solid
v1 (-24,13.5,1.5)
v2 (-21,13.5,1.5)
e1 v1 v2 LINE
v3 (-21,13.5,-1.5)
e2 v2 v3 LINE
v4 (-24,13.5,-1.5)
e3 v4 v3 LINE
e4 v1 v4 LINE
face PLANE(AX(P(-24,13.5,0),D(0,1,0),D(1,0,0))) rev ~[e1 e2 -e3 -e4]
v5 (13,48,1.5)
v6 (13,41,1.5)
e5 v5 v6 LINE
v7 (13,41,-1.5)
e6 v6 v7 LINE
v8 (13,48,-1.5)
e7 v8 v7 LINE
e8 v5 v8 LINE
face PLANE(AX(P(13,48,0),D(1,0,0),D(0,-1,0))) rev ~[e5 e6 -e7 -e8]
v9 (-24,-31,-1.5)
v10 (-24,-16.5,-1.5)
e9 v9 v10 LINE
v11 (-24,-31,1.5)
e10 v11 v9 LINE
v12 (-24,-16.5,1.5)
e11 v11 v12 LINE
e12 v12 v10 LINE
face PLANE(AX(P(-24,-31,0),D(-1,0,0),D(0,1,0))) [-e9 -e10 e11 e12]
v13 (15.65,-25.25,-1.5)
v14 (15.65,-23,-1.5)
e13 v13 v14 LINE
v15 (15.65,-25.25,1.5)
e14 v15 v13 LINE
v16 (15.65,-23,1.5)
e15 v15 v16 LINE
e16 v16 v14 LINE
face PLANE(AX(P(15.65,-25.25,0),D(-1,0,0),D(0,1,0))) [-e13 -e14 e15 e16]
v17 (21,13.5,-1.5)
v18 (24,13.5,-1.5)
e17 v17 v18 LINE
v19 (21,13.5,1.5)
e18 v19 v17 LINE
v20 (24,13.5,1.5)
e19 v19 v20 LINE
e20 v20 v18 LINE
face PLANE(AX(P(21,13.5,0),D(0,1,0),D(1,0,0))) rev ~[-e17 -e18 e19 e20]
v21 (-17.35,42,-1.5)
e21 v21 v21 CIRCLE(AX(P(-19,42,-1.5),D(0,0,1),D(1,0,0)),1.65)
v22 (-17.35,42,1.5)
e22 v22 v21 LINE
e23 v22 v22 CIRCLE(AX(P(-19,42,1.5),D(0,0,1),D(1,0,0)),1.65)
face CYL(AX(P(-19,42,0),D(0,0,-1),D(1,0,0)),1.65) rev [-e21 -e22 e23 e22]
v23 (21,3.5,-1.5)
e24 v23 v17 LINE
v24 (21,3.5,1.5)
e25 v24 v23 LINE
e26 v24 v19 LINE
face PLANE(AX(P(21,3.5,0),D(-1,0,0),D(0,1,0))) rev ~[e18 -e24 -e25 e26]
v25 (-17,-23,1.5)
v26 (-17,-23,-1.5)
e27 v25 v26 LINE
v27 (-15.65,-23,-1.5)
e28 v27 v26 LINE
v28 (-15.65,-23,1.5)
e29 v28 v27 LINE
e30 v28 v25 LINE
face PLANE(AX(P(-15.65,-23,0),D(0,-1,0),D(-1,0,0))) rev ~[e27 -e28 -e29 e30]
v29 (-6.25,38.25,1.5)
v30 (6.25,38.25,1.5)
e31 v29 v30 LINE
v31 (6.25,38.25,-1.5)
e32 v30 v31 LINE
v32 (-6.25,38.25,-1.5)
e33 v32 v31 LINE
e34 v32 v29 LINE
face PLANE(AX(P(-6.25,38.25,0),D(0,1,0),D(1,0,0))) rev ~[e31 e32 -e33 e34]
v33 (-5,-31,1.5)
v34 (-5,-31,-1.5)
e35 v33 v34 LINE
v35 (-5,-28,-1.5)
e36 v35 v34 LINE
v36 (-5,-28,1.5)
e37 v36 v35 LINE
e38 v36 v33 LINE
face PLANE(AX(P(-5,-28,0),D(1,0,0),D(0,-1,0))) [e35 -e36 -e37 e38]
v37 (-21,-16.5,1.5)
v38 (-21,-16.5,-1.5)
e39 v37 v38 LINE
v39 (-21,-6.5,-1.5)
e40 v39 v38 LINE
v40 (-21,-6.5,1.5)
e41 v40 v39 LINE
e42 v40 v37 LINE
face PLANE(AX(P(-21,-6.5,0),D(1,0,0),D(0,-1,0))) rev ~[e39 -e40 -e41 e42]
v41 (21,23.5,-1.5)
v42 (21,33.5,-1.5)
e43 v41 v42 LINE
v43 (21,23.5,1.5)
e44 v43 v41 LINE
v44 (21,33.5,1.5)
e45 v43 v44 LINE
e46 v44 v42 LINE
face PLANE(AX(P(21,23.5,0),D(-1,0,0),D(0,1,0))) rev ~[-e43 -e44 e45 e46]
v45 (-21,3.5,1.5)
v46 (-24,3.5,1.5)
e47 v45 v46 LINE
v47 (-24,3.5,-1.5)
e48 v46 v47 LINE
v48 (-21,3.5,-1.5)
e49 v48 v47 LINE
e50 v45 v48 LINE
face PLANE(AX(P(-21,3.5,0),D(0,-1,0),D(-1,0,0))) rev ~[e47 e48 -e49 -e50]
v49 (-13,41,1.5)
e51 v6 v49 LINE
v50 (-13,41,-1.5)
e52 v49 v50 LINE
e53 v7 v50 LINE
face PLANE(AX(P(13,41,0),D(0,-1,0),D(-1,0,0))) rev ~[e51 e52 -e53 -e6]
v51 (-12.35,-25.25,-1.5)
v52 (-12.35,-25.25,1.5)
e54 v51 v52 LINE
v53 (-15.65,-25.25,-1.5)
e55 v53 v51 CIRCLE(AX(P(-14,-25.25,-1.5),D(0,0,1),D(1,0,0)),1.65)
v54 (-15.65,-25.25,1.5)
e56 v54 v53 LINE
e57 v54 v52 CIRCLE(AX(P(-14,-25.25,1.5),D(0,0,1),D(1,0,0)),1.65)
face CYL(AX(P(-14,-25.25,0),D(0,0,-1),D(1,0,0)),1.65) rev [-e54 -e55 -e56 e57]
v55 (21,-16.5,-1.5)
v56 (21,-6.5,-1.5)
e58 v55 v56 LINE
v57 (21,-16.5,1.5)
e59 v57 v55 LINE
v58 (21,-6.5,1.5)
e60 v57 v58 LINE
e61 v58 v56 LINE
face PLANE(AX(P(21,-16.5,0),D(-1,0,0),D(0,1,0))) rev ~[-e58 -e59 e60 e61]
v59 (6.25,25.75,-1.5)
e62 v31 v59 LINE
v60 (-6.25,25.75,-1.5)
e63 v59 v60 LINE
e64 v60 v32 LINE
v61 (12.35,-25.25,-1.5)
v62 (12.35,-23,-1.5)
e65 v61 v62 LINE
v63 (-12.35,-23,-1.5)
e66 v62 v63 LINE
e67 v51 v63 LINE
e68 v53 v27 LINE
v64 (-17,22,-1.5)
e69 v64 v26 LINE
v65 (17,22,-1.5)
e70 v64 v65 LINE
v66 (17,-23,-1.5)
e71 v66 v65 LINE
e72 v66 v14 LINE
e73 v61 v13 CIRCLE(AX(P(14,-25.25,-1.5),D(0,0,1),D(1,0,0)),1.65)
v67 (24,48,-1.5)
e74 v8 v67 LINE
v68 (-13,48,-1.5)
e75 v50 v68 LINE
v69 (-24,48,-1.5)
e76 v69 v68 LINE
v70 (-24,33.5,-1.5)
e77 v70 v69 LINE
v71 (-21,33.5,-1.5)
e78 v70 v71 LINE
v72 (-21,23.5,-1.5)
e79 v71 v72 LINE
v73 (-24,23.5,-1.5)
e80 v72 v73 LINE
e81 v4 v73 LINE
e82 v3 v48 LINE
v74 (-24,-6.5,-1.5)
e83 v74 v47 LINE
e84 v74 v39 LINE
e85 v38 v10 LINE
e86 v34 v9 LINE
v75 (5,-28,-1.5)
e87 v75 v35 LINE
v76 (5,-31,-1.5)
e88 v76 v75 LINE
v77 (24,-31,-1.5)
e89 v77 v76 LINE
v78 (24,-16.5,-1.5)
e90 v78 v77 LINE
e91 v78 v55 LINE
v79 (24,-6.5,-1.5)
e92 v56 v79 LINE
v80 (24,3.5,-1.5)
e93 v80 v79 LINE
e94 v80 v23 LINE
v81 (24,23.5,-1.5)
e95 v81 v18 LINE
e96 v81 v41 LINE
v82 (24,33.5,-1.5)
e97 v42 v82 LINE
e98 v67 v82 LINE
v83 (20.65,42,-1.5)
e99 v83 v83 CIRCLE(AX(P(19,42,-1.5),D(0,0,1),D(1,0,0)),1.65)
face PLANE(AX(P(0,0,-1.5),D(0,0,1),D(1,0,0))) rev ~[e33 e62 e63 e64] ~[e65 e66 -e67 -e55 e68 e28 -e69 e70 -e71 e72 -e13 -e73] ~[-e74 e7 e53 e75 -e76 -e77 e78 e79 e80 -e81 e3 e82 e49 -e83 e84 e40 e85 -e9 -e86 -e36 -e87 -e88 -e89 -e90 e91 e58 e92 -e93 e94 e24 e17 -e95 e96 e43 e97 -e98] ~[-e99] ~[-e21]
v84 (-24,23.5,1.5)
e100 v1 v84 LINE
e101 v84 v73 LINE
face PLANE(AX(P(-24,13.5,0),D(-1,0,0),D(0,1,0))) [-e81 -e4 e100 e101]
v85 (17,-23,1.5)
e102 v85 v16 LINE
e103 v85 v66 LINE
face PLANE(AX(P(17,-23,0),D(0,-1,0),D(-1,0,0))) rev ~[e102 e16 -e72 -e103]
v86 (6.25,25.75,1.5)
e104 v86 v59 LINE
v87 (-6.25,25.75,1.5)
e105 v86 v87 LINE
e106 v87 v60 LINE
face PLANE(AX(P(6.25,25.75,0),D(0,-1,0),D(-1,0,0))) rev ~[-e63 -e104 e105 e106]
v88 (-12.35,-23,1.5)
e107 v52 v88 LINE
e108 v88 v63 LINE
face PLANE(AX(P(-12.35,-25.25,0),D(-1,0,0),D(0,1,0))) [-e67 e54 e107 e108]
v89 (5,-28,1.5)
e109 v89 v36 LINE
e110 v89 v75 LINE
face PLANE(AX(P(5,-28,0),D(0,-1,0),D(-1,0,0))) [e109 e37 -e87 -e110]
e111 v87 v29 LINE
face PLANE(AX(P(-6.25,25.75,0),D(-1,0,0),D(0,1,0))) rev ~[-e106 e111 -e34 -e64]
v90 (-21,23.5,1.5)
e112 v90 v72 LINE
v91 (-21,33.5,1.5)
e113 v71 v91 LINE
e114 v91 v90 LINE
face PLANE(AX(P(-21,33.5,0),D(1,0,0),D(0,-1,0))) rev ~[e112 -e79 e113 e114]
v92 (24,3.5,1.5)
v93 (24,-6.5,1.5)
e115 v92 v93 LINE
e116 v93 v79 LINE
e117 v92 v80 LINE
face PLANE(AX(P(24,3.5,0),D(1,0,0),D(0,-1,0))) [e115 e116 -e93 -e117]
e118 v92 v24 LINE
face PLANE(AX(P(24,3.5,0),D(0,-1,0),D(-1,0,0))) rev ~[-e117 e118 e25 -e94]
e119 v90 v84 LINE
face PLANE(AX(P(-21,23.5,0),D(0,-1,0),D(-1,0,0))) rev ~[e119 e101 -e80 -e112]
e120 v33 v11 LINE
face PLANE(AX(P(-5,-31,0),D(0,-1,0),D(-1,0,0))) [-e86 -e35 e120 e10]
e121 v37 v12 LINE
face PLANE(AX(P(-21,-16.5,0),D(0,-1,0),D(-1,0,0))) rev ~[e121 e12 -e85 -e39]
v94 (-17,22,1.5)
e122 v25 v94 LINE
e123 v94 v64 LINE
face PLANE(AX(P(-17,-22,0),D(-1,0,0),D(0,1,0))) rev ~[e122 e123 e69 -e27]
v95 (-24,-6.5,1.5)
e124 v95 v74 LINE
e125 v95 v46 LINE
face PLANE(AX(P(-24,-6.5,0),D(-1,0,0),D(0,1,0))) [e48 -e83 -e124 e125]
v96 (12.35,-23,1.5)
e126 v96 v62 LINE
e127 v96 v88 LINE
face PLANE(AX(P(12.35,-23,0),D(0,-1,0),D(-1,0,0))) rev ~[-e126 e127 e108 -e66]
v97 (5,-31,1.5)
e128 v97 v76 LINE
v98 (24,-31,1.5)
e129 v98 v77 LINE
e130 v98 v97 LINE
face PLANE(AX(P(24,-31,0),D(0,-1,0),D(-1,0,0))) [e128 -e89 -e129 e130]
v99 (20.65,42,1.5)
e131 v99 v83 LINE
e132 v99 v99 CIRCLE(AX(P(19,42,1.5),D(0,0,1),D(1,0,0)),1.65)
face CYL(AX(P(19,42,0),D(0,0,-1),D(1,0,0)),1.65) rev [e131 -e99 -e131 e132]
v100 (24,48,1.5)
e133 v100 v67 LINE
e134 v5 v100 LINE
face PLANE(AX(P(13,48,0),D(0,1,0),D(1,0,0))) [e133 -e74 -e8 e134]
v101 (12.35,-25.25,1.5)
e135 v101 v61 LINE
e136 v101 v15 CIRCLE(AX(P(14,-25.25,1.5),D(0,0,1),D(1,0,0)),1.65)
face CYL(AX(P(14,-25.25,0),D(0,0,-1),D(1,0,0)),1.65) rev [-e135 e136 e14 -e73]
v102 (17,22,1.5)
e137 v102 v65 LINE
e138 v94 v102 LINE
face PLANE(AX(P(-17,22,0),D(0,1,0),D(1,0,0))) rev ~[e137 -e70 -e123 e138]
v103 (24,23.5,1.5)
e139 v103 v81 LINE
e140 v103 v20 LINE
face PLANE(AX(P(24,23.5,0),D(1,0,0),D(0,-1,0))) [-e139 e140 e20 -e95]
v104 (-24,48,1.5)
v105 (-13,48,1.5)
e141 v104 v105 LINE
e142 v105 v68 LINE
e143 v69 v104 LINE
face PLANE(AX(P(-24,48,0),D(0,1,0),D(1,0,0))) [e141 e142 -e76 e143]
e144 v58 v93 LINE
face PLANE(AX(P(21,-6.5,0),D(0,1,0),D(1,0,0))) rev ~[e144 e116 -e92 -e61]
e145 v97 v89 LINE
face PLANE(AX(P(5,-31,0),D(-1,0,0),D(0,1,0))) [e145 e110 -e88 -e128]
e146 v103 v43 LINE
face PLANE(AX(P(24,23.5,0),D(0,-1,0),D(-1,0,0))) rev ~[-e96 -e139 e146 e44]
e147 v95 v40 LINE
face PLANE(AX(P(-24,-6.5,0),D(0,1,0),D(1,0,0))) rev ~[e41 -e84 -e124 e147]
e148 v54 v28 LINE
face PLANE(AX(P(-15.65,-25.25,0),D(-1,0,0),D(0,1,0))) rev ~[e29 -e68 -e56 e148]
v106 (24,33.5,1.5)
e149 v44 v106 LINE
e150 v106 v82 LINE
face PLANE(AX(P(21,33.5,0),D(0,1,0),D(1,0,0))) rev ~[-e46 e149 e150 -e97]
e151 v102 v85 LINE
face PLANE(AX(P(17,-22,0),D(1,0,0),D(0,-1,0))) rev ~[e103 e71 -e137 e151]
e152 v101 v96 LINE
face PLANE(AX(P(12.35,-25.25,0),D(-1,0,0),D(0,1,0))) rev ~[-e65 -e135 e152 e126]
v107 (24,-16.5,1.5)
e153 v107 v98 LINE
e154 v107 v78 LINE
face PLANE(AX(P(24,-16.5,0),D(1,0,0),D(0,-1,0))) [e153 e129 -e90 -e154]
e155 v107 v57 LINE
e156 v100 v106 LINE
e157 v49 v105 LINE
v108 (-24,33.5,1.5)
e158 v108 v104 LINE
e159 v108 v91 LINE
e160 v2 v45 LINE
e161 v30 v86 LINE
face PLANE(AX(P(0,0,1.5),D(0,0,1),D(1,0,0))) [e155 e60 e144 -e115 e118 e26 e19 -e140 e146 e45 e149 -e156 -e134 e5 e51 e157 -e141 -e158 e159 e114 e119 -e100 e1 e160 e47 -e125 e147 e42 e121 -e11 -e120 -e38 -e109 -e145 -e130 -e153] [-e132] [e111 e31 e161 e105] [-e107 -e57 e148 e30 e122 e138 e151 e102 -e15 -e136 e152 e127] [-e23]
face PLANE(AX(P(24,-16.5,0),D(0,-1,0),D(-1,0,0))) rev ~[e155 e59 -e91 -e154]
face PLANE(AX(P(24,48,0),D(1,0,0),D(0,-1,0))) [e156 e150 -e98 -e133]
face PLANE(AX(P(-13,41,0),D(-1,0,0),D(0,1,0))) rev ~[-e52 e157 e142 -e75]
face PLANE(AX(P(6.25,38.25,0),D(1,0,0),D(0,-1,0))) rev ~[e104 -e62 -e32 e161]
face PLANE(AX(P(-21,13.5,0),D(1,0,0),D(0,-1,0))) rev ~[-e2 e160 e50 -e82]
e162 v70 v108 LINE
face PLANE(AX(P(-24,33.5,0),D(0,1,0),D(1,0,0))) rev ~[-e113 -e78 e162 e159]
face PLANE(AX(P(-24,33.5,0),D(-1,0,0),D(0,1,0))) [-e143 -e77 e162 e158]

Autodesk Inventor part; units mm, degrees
ref_plane "YZ Plane" through (0, 0, 0) normal (1, 0, 0) x (0, 1, 0)
ref_plane "XZ Plane" through (0, 0, 0) normal (0, 1, 0) x (-1, 0, 0)
ref_plane "XY Plane" through (0, 0, 0) normal (0, 0, 1) x (1, 0, 0)
sketch "Sketch1" plane through (0, 0, 0) normal (0, 0, 1) x (1, 0, 0)
  circle A0 centre (-14, -25.25) radius 1.65
  circle A1 centre (14, -25.25) radius 1.65
  circle A2 centre (-19, 42) radius 1.65
  circle A3 centre (19, 42) radius 1.65
  line L0 (-17, 22) -> (17, 22)
  line L1 (17, 22) -> (17, -22)
  line L2 (17, -22) -> (-17, -22)
  line L3 (-17, -22) -> (-17, 22)
  circle A4 centre (0, 32) radius 2.5
  line L4 (-24, 48) -> (24, 48)
  line L5 (24, 48) -> (24, -31)
  line L6 (24, -31) -> (-24, -31)
  line L7 (-24, -31) -> (-24, 48)
  line L8 (-17, -22) -> (17, -22)
  line L9 (17, -22) -> (17, -23)
  line L10 (17, -23) -> (-17, -23)
  line L11 (-17, -23) -> (-17, -22)
  line L12 (-15.65, -25.25) -> (-15.65, -23)
  line L13 (-12.35, -25.25) -> (-12.35, -23)
  line L14 (12.35, -25.25) -> (12.35, -23)
  line L15 (15.65, -25.25) -> (15.65, -23)
  line L16 (-24, 13.5) -> (-21, 13.5)
  line L17 (-21, 13.5) -> (-21, 3.5)
  line L18 (-21, 3.5) -> (-24, 3.5)
  line L19 (-24, 3.5) -> (-24, 13.5)
  line L20 (-5, -31) -> (5, -31)
  line L21 (5, -31) -> (5, -28)
  line L22 (5, -28) -> (-5, -28)
  line L23 (-5, -28) -> (-5, -31)
  line L24 (-5, 48) -> (5, 48)
  line L25 (5, 48) -> (5, 45)
  line L26 (5, 45) -> (-5, 45)
  line L27 (-5, 45) -> (-5, 48)
  line L28 (-21, 33.5) -> (-21, 23.5)
  line L29 (-21, 23.5) -> (-24, 23.5)
  line L30 (-24, 33.5) -> (-21, 33.5)
  line L31 (-21, -16.5) -> (-24, -16.5)
  line L32 (-21, -6.5) -> (-21, -16.5)
  line L33 (-24, -6.5) -> (-21, -6.5)
  line L34 (21, 13.5) -> (24, 13.5)
  line L35 (24, 13.5) -> (24, 3.5)
  line L36 (24, 3.5) -> (21, 3.5)
  line L37 (21, 3.5) -> (21, 13.5)
  line L38 (24, -16.5) -> (21, -16.5)
  line L39 (21, -16.5) -> (21, -6.5)
  line L40 (21, -6.5) -> (24, -6.5)
  line L41 (24, 23.5) -> (21, 23.5)
  line L42 (21, 23.5) -> (21, 33.5)
  line L43 (21, 33.5) -> (24, 33.5)
  line L44 (-6.25, 38.25) -> (6.25, 38.25)
  line L45 (6.25, 38.25) -> (6.25, 25.75)
  line L46 (6.25, 25.75) -> (-6.25, 25.75)
  line L47 (-6.25, 25.75) -> (-6.25, 38.25)
  line L48 (-13, 48) -> (13, 48)
  line L49 (13, 48) -> (13, 41)
  line L50 (13, 41) -> (-13, 41)
  line L51 (-13, 41) -> (-13, 48)
  point P0 (0, 0)
  point P1 (0, 22)
  point P2 (0, -22)
  point P3 (17, 0)
  point P4 (0, 48)
  point P5 (-24, 8.5)
  point P6 (0, -28)
  point P7 (0, -31)
  point P8 (0, -31)
  point P9 (0, 45)
  point P10 (24, 8.5)
  point P11 (24, 8.5)
  point P12 (0, 38.25)
  point P13 (6.25, 32)
  point P14 (0, 41)
  point P15 (0, 48)
  dimension "d0" = 3.3
  dimension "d1" = 3.3
  dimension "d2" = 28
  dimension "d3" = 14
  dimension "d4" = 3.3
  dimension "d5" = 3.3
  dimension "d6" = 38
  dimension "d7" = 19
  dimension "d8" = 34
  dimension "d9" = 44
  dimension "d10" = 3.25
  dimension "d11" = 20
  dimension "d12" = 5
  dimension "d13" = 10
  dimension "d14" = 9
  dimension "d15" = 26
  dimension "d16" = 7
  dimension "d17" = 1
  dimension "d18" = 3
  dimension "d19" = 10
  dimension "d20" = 10
  dimension "d21" = 3
  dimension "d22" = 10
  dimension "d23" = 3
  dimension "d26" = 20
  dimension "d33" = 20
  dimension "d38" = 3
  dimension "d39" = 10
  dimension "d42" = 20
  dimension "d49" = 20
  dimension "d56" = 12.5
  dimension "d57" = 12.5
  dimension "d58" = 7
  dimension "d59" = 26
extrude "Extrusion1" add sketch "Sketch1" along normal mid plane 3 contours L4 L51 L50 L49 L5 L43 L42 L41 L34 L37 L36 L40 L39 L38 L6 L21 L22 L23 L7 L31 L32 L33 L18 L17 L16 L29 L28 L30
equation "\"d3\" = 0.5 * d2"
equation "\"d7\" = 0.5 * d6"
equation "\"d56\" = d57"
properties part number "Top piece"
